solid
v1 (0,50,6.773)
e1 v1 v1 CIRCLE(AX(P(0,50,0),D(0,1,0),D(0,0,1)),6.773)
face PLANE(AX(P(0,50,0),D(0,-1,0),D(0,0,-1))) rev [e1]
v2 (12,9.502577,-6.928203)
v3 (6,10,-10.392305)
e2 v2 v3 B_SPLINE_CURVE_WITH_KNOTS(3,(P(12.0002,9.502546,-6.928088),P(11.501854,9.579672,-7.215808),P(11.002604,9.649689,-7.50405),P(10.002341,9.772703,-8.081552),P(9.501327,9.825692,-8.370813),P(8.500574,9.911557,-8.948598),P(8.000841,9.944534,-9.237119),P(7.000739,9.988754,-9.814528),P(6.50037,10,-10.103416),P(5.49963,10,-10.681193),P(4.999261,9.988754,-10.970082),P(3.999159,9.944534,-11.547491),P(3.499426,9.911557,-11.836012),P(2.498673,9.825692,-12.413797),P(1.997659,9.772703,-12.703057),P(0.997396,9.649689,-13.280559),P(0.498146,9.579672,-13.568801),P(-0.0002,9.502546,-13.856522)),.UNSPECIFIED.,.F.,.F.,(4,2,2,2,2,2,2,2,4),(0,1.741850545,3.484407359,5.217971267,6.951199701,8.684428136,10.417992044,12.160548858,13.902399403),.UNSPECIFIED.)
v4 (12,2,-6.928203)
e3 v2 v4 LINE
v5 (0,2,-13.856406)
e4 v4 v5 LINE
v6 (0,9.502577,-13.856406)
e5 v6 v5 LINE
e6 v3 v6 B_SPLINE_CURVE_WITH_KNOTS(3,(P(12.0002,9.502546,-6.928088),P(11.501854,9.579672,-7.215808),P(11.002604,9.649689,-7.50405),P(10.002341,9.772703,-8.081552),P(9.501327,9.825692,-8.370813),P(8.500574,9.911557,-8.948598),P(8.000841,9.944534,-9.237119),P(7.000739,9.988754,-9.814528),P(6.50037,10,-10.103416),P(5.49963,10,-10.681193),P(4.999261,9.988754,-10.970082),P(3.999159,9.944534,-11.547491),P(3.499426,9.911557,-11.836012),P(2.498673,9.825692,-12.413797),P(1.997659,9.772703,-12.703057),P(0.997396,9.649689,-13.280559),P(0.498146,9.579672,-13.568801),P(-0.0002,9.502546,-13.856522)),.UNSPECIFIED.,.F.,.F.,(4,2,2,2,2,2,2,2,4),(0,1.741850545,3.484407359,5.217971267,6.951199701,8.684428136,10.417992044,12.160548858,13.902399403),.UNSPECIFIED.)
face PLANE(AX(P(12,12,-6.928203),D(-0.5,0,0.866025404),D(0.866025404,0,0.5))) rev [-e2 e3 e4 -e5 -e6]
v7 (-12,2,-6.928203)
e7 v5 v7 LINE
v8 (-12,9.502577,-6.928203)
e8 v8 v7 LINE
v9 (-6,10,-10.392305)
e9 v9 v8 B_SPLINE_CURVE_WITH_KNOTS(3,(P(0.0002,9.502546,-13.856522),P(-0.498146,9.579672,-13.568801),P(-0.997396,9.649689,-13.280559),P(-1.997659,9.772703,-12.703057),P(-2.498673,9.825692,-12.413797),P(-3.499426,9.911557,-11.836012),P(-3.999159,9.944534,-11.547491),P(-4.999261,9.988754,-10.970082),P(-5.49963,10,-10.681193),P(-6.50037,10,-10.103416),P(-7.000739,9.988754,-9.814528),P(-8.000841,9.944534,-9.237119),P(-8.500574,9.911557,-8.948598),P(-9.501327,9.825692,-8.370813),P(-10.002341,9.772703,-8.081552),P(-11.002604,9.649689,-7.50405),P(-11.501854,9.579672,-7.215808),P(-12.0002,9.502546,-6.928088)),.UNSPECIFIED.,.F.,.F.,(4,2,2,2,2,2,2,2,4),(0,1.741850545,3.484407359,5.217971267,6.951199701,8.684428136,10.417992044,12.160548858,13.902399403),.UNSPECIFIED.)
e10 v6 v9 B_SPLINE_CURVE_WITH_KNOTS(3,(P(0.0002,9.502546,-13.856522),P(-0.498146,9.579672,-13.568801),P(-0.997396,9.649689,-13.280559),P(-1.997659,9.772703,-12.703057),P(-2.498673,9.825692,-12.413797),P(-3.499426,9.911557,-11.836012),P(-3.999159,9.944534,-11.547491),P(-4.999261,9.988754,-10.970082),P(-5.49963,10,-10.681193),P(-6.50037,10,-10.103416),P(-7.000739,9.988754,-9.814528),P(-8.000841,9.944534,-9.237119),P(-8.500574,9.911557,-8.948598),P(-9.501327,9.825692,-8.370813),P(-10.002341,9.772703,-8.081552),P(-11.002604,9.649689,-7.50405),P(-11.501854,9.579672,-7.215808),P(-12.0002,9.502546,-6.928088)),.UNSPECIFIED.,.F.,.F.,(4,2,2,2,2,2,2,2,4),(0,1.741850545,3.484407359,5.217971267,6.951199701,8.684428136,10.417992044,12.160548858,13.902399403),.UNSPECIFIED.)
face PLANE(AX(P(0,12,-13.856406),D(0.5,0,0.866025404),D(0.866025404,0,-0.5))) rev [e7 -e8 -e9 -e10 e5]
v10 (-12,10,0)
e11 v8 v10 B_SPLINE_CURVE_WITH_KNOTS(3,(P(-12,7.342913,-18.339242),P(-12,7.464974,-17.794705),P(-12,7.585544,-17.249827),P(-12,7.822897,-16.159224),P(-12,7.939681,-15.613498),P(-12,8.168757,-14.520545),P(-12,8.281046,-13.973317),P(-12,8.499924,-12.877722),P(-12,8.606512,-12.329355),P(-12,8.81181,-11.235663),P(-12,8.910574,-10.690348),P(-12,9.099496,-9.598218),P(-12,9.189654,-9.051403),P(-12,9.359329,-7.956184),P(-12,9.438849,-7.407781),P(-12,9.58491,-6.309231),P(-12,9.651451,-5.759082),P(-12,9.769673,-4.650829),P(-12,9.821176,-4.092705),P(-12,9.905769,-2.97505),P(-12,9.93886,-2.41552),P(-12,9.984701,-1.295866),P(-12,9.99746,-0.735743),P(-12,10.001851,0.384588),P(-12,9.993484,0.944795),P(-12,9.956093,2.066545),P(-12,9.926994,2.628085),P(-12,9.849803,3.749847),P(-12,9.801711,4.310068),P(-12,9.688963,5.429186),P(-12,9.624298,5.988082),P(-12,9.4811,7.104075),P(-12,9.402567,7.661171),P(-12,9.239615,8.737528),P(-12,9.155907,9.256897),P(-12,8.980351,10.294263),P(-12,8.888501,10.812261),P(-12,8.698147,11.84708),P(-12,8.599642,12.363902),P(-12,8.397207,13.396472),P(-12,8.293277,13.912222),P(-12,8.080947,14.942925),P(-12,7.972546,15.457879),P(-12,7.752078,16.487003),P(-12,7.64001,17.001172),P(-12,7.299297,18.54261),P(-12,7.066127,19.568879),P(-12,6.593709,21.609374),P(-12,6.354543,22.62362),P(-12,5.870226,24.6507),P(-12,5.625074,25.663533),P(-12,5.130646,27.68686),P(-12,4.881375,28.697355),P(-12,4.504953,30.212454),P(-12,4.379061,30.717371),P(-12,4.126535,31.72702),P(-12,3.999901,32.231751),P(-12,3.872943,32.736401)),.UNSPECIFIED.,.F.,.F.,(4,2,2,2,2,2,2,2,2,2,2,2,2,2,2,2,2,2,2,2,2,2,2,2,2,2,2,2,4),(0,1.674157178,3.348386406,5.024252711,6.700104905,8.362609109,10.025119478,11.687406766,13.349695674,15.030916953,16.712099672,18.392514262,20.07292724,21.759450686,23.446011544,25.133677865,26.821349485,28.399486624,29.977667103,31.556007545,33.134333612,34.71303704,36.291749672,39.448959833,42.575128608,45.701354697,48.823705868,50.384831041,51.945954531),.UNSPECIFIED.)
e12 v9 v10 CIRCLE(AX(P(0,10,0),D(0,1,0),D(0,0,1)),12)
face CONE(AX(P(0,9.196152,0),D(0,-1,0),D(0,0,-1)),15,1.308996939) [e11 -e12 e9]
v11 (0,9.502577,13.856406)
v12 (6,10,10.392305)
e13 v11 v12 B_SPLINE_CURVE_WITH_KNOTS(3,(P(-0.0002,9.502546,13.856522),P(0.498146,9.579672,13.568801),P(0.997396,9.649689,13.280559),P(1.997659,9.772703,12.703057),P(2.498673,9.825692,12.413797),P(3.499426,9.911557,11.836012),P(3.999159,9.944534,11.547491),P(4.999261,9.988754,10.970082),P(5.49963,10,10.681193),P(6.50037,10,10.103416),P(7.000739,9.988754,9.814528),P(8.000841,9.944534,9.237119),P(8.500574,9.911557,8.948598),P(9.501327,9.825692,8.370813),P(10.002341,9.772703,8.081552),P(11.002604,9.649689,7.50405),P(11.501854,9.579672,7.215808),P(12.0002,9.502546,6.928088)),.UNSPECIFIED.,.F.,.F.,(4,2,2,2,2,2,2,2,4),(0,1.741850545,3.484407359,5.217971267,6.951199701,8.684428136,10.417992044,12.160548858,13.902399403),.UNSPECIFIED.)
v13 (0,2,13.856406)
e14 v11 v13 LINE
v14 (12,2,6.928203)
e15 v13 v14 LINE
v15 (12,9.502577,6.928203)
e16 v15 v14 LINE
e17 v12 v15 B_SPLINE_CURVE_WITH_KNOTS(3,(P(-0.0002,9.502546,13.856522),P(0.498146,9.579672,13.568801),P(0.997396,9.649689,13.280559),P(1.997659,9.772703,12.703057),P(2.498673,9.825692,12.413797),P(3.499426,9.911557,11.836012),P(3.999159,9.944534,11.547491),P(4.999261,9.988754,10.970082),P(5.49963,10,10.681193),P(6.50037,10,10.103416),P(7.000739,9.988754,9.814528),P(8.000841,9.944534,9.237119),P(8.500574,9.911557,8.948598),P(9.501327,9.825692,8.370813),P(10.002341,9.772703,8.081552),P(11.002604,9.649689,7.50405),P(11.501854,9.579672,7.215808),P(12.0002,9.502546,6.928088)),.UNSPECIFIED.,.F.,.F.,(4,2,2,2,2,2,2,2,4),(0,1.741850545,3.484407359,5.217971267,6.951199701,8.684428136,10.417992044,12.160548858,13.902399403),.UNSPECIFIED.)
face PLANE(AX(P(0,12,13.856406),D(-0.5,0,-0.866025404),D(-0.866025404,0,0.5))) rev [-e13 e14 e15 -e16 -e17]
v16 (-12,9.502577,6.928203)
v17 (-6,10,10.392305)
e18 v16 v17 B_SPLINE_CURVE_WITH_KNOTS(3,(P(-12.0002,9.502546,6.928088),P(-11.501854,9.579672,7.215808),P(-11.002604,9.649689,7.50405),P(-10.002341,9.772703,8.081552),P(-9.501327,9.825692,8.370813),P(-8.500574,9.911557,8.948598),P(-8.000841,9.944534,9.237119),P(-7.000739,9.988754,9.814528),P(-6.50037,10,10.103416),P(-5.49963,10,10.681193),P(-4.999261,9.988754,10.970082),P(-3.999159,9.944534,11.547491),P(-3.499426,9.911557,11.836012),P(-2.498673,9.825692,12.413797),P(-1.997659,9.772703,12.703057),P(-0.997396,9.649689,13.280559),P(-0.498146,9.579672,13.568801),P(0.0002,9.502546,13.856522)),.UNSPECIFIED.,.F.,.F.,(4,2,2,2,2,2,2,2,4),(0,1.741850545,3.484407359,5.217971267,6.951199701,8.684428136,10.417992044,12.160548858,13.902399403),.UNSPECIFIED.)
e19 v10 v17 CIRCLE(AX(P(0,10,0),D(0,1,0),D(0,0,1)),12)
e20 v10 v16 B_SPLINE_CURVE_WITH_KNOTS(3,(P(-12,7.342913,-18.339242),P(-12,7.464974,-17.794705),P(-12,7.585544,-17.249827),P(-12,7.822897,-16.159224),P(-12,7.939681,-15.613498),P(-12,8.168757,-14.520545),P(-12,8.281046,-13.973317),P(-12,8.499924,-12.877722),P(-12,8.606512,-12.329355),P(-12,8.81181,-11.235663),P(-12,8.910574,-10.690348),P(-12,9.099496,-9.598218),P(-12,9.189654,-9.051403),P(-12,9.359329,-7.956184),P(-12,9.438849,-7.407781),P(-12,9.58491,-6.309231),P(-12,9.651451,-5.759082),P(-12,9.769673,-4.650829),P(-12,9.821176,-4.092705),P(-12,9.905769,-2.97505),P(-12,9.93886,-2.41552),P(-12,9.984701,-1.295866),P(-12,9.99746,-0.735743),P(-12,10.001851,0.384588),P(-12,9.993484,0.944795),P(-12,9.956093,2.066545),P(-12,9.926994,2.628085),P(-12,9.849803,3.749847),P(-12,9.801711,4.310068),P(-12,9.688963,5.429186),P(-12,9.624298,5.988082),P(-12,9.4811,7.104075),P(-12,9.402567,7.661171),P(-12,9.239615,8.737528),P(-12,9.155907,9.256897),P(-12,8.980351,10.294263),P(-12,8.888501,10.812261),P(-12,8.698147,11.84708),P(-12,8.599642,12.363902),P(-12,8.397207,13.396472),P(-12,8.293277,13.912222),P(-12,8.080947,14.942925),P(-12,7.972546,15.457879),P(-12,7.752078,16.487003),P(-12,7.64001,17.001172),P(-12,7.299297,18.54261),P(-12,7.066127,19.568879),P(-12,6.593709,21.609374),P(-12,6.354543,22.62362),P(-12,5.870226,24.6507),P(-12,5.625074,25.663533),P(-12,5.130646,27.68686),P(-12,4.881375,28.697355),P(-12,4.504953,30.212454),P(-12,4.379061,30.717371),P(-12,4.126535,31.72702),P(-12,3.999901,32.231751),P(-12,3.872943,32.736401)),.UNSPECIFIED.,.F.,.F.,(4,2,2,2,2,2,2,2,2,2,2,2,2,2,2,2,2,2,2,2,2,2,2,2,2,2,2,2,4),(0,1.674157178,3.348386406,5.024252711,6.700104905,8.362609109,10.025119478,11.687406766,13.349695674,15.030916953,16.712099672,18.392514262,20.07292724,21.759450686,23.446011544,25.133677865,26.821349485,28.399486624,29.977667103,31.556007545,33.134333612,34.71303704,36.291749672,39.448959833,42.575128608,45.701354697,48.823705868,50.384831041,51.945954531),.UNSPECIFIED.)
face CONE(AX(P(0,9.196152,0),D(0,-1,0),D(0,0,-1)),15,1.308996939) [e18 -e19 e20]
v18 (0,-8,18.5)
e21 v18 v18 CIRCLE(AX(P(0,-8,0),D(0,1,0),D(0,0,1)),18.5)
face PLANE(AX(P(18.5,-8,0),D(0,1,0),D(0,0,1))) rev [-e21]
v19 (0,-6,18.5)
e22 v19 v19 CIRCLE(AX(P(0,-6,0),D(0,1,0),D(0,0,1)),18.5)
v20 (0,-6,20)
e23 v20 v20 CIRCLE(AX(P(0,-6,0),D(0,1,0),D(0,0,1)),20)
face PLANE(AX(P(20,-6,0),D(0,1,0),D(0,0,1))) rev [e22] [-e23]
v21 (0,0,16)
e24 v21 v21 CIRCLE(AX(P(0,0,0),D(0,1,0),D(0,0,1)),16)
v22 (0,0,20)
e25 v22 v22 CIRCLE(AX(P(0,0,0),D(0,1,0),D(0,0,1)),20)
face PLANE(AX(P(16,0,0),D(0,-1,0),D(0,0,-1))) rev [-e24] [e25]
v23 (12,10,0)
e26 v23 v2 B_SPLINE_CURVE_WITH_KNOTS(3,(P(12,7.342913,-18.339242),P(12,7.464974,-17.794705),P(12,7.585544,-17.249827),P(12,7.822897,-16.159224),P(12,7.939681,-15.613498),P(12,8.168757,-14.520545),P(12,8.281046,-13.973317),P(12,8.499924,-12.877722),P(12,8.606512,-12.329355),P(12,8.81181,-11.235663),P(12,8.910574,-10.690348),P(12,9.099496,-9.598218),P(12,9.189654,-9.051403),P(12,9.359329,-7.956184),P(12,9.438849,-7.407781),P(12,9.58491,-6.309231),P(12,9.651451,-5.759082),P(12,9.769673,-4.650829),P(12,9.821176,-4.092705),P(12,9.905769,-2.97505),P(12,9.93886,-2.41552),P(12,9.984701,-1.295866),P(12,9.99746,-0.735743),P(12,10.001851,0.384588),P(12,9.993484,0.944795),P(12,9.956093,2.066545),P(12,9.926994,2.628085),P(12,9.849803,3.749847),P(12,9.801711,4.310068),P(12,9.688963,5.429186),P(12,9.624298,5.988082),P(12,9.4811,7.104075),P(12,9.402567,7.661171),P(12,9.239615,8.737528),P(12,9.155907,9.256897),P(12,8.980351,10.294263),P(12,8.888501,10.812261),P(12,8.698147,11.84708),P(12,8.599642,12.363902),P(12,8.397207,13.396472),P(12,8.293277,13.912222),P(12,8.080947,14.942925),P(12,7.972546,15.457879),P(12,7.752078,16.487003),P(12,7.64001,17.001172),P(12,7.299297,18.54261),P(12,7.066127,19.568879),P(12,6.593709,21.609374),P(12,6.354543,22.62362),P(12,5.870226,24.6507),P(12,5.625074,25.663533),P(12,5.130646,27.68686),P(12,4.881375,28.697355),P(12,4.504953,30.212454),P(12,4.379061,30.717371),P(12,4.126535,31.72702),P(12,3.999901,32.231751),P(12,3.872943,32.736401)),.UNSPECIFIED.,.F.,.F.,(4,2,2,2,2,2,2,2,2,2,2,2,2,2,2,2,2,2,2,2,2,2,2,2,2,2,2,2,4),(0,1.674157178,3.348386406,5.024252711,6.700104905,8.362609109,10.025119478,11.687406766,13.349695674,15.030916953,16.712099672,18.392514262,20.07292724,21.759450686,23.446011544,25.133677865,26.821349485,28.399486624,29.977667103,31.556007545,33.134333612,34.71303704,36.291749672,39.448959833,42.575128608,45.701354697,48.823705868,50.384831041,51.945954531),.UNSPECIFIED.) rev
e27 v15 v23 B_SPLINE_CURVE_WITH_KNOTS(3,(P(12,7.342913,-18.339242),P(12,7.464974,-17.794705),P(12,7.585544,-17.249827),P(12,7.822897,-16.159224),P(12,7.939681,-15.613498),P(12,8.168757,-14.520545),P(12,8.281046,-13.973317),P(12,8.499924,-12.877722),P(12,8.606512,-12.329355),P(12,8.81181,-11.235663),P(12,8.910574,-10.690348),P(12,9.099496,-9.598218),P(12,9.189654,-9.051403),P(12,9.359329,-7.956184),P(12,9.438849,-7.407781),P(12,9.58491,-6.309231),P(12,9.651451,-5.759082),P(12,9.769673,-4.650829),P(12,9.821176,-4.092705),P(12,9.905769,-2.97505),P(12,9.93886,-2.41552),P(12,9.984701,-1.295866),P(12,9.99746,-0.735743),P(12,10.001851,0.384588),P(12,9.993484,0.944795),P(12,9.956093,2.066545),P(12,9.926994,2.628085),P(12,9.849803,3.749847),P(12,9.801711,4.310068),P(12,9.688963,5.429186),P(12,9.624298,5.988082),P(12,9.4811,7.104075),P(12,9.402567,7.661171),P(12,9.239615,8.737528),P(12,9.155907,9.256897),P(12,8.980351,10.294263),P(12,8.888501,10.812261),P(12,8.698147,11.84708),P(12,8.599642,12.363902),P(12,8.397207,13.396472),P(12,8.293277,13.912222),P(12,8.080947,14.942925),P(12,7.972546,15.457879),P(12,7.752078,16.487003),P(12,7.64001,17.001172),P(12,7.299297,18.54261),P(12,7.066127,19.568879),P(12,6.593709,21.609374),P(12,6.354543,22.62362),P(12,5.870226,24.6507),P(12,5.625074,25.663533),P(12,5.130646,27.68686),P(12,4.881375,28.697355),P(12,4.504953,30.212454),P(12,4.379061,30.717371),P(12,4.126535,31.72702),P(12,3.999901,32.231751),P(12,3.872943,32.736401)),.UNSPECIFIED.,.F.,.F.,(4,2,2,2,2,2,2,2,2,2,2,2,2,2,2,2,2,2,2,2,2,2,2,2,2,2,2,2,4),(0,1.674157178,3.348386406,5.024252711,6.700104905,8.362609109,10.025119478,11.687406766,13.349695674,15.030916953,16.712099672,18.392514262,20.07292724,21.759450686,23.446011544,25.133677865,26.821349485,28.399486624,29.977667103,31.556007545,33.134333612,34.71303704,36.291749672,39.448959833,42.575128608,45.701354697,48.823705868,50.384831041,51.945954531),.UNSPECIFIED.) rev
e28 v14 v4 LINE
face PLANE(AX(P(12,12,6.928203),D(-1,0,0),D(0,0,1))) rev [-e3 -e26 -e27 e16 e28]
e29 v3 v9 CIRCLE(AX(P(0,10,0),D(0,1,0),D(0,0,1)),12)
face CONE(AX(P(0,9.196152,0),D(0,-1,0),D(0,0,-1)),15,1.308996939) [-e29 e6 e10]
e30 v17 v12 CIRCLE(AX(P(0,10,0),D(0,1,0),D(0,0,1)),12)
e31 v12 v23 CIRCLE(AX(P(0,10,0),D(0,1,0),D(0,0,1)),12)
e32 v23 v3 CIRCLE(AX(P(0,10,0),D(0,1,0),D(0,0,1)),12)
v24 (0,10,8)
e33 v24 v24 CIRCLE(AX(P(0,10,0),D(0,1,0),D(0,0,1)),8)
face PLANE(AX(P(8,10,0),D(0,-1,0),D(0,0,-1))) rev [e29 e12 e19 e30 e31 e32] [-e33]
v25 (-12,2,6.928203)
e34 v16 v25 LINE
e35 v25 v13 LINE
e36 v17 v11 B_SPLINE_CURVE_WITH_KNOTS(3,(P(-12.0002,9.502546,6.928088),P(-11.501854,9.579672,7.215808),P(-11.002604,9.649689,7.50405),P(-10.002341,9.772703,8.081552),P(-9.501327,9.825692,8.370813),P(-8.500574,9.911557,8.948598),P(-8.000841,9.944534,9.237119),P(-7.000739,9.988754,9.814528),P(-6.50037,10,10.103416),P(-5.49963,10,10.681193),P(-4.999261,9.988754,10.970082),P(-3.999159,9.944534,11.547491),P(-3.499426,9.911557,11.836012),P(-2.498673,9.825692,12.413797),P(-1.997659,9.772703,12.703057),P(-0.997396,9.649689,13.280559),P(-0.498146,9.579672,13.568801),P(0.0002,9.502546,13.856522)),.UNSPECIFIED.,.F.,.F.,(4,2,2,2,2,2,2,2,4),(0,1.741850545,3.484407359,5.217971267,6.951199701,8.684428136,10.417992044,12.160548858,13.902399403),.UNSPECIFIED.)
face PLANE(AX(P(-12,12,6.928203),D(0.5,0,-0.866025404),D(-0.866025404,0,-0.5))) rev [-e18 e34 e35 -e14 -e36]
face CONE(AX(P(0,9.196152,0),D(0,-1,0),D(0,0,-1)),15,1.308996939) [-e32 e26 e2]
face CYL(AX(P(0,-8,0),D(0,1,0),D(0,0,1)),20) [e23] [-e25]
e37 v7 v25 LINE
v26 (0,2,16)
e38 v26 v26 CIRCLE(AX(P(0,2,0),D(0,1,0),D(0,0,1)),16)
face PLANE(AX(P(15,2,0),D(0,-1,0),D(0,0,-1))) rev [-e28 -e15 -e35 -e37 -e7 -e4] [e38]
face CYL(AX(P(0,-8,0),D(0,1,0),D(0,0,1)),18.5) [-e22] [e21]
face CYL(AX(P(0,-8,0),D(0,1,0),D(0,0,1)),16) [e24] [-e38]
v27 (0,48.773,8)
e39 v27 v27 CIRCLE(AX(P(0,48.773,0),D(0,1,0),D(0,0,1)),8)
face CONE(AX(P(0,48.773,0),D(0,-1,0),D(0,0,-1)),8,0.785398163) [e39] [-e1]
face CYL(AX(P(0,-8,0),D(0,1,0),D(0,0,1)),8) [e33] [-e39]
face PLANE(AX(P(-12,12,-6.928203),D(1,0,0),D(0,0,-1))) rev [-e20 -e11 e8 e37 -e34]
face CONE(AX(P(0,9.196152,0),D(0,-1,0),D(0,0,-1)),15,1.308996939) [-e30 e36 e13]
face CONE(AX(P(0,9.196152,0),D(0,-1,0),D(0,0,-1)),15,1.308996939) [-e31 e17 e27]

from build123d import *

# Parameters (mm, degrees)
SKETCH_2_R          = 17
CUT_EXTRUDE_1_DEPTH = 10


with BuildPart() as part:
    # 草图1 → 旋转1 (revolve)
    with BuildSketch(Plane.XY):
        Polygon((0, 50), (6.773, 50), (8, 48.773), (8, 10), (12, 10), (15, 9.196152423), (15, 2), (16, 2), (16, 0), (20, 0), (20, -6), (18.5, -6), (18.5, -8), (0, -8), align=None)
    revolve(axis=Axis((0, -8, 0), (0, 1, 0)))

    # 草图2 → 切除-拉伸1 (cut)
    with BuildSketch(Plane(origin=(0, 2, 0), x_dir=(1, 0, 0), z_dir=(0, 1, 0))):
        Circle(SKETCH_2_R)
        Polygon((-12, -6.92820323), (0, -13.856406461), (12, -6.92820323), (12, 6.92820323), (0, 13.856406461), (-12, 6.92820323), align=None, mode=Mode.SUBTRACT)
    extrude(amount=CUT_EXTRUDE_1_DEPTH, mode=Mode.SUBTRACT)


solid = part.part
